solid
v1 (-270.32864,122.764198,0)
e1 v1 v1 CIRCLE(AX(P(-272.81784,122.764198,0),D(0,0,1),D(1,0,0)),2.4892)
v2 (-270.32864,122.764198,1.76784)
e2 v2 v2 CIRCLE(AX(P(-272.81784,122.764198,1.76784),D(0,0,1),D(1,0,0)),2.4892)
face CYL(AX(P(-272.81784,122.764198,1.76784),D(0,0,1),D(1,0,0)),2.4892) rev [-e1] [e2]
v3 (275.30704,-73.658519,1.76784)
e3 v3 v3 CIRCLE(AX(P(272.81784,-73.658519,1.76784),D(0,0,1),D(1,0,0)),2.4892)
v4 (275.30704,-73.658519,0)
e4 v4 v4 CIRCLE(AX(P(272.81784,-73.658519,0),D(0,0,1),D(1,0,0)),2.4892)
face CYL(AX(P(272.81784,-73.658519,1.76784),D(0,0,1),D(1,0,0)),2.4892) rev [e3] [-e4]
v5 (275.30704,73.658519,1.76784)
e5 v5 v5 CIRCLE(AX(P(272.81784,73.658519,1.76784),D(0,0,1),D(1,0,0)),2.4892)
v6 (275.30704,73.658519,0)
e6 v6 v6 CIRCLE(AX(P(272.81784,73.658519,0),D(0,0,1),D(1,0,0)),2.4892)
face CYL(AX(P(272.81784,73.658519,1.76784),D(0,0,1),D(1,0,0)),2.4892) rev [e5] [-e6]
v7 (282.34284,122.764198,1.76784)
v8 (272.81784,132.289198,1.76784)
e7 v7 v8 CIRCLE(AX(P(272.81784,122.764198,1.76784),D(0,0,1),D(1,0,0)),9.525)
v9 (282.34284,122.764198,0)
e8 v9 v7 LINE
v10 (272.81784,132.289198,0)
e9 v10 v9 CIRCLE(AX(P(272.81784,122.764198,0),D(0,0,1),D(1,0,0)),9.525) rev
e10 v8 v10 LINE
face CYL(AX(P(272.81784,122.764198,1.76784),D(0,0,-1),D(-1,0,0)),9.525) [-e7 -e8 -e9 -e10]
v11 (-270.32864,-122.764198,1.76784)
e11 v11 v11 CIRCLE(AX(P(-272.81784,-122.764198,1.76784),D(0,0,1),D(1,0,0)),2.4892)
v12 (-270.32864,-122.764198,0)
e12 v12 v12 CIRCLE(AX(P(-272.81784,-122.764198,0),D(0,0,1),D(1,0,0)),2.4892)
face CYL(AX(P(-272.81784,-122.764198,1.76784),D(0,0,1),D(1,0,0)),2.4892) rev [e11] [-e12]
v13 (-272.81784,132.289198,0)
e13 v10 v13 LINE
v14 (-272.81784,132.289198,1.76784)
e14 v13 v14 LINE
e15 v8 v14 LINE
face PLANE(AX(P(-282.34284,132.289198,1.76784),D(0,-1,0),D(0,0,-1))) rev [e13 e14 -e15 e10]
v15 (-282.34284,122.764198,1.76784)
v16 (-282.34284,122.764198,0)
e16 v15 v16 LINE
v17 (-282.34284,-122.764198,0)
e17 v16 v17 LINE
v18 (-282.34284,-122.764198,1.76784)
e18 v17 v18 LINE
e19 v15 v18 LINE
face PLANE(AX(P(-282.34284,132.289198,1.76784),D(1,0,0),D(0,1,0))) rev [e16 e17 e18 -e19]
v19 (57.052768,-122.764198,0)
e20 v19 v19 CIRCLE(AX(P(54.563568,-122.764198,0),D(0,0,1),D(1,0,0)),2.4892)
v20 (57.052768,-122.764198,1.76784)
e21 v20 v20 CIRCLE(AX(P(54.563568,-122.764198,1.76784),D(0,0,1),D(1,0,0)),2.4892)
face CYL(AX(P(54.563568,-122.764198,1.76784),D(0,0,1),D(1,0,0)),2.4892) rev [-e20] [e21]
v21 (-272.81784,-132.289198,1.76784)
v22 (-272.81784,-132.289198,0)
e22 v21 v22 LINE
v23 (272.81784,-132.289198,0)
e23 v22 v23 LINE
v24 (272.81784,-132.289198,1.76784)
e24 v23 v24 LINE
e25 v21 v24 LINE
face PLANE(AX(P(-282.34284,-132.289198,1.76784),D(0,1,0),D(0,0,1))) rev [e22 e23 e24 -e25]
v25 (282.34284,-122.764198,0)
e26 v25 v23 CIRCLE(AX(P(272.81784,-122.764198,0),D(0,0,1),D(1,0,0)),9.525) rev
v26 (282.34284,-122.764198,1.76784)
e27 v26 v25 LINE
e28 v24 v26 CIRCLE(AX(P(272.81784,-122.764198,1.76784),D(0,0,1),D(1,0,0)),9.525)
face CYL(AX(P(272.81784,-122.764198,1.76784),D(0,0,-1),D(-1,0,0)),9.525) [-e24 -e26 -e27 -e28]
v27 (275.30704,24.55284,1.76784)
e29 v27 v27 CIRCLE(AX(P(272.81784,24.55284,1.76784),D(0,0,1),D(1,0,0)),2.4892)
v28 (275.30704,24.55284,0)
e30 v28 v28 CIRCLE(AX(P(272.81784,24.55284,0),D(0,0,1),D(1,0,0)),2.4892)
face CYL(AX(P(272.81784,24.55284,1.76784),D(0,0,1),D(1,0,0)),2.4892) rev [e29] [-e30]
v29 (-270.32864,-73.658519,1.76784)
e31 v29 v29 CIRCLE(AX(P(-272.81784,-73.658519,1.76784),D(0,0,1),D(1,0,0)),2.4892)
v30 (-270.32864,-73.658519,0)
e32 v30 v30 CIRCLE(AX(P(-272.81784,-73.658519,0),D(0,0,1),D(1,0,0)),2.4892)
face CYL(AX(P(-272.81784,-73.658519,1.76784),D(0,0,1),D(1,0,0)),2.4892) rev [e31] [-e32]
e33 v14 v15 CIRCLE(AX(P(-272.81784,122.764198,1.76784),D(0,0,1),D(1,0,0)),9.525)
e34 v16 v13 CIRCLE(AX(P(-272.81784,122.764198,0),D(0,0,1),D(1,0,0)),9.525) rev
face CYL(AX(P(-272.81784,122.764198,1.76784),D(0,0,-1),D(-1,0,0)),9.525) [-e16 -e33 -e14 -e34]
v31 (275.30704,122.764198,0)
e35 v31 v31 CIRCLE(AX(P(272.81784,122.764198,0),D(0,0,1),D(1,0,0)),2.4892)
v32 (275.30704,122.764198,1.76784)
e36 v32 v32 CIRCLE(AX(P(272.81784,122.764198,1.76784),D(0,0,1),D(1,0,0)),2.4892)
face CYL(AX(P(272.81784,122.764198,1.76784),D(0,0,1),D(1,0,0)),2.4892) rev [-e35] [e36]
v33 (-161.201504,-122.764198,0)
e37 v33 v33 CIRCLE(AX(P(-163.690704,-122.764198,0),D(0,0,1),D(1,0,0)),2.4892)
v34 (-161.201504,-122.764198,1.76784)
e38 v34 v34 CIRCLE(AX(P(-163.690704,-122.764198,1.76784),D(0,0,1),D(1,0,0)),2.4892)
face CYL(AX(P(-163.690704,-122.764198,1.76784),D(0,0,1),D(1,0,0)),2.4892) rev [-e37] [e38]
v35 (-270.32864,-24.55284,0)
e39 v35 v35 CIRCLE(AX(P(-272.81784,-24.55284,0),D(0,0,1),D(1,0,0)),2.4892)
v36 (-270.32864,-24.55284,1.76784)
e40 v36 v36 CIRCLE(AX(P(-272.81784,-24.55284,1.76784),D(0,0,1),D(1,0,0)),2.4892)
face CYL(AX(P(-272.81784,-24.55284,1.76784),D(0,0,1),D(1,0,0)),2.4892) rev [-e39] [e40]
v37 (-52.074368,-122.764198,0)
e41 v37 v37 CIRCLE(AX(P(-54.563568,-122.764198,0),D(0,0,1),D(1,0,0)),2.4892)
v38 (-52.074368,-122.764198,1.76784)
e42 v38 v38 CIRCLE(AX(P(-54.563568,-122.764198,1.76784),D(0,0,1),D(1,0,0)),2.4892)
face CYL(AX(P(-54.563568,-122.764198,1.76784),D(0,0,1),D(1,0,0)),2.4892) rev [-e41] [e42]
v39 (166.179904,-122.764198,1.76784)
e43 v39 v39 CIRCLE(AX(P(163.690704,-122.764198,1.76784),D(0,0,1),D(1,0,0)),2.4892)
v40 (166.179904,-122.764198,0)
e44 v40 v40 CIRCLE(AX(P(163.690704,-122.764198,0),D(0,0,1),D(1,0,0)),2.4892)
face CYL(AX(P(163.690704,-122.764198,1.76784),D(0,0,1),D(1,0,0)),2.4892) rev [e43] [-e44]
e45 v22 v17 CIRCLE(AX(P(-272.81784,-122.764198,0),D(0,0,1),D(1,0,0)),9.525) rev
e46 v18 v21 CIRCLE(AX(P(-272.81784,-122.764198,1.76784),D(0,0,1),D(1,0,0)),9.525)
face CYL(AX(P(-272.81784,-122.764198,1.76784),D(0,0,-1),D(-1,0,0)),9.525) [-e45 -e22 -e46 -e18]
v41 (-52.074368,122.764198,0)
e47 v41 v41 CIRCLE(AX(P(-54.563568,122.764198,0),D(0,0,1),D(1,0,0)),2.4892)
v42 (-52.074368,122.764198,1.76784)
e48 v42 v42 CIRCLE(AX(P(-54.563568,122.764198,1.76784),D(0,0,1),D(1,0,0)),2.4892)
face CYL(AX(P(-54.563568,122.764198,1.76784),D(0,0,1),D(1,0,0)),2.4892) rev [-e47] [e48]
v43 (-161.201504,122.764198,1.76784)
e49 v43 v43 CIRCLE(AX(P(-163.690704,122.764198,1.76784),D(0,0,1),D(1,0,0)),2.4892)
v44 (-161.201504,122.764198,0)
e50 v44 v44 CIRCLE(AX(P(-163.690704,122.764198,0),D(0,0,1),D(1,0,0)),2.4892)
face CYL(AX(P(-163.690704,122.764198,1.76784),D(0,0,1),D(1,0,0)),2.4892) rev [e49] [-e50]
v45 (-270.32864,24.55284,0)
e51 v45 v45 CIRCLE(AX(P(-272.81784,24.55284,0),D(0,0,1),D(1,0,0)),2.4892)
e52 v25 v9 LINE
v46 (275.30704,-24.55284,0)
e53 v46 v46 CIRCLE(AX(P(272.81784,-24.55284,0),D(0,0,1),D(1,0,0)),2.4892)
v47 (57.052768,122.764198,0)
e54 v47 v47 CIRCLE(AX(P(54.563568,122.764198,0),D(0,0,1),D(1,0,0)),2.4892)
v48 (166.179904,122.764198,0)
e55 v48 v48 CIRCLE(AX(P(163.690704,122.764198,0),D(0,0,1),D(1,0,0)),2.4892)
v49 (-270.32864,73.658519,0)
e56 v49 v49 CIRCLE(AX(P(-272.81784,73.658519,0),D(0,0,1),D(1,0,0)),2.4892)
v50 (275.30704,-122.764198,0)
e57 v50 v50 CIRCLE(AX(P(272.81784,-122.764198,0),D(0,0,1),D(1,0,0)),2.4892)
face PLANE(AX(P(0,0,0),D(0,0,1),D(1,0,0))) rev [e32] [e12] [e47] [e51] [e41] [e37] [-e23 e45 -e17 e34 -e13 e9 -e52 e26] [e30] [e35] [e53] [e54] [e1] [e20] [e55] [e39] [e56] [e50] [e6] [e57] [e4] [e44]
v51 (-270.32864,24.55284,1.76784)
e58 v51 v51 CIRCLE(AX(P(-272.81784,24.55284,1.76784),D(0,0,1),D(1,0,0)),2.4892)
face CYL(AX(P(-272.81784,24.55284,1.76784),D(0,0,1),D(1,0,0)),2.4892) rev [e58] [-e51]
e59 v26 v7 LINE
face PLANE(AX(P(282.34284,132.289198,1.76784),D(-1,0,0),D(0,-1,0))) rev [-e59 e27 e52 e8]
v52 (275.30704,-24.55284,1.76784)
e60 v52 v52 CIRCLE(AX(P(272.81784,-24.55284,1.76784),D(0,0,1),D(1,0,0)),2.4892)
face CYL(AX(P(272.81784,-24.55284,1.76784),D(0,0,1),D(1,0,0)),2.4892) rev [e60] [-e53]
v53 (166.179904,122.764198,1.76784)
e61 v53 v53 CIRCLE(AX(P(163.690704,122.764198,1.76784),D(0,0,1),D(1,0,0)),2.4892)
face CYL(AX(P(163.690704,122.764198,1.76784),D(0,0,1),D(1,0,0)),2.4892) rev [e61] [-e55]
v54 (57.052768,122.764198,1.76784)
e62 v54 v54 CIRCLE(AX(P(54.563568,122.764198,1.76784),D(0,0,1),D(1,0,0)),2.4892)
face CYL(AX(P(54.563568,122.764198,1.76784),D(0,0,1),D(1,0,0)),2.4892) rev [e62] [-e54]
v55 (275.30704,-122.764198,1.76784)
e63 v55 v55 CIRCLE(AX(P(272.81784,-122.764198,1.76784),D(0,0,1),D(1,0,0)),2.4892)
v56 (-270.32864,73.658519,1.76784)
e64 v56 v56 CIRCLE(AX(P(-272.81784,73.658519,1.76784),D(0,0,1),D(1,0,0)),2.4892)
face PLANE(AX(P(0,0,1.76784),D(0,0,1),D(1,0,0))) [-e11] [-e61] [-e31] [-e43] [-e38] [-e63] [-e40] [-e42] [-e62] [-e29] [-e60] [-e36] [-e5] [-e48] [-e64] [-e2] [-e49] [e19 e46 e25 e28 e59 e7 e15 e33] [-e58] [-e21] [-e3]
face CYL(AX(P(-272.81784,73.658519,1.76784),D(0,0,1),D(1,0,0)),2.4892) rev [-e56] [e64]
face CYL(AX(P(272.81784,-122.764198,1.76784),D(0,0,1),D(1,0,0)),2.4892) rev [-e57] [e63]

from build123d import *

# Parameters (mm, degrees)
SKETCH1_W              = 564.685680888
SKETCH1_H              = 264.578396166
BOSS_EXTRUDE1_DEPTH    = 1.76784
F_10_CLEARANCE_HOLE1_D = 4.9784
FILLET1_R              = 9.525


with BuildPart() as part:
    # Sketch1 → Boss-Extrude1 (new body)
    with BuildSketch(Plane.XY):
        Rectangle(SKETCH1_W, SKETCH1_H)
    extrude(amount=BOSS_EXTRUDE1_DEPTH)

    # #10 Clearance Hole1 (through all)
    with Locations(Plane.XY.offset(1.76784)):
        with Locations((-272.817840444, -122.764198083), (-272.817840444, -73.65851885), (-272.817840444, -24.552839617), (-272.817840444, 24.552839617), (-272.817840444, 73.65851885), (-272.817840444, 122.764198083), (-163.690704266, 122.764198083), (-54.563568089, 122.764198083), (-54.563568089, -122.764198083), (-163.690704266, -122.764198083)):
            f_10_clearance_hole1 = Hole(F_10_CLEARANCE_HOLE1_D / 2)

    # Mirror1: #10 Clearance Hole1 across plane
    add(f_10_clearance_hole1.mirror(Plane(origin=(0, 0, 0), x_dir=(0, 0, 1), z_dir=(1, 0, 0))), mode=Mode.SUBTRACT)

    # Fillet1
    fillet1_edges = [part.edges().sort_by_distance(p)[0] for p in [
        (282.342840444, -132.289198083, 0.88392),
        (-282.342840444, -132.289198083, 0.88392),
        (-282.342840444, 132.289198083, 0.88392),
        (282.342840444, 132.289198083, 0.88392),
    ]]
    fillet(fillet1_edges, radius=FILLET1_R)


solid = part.part
